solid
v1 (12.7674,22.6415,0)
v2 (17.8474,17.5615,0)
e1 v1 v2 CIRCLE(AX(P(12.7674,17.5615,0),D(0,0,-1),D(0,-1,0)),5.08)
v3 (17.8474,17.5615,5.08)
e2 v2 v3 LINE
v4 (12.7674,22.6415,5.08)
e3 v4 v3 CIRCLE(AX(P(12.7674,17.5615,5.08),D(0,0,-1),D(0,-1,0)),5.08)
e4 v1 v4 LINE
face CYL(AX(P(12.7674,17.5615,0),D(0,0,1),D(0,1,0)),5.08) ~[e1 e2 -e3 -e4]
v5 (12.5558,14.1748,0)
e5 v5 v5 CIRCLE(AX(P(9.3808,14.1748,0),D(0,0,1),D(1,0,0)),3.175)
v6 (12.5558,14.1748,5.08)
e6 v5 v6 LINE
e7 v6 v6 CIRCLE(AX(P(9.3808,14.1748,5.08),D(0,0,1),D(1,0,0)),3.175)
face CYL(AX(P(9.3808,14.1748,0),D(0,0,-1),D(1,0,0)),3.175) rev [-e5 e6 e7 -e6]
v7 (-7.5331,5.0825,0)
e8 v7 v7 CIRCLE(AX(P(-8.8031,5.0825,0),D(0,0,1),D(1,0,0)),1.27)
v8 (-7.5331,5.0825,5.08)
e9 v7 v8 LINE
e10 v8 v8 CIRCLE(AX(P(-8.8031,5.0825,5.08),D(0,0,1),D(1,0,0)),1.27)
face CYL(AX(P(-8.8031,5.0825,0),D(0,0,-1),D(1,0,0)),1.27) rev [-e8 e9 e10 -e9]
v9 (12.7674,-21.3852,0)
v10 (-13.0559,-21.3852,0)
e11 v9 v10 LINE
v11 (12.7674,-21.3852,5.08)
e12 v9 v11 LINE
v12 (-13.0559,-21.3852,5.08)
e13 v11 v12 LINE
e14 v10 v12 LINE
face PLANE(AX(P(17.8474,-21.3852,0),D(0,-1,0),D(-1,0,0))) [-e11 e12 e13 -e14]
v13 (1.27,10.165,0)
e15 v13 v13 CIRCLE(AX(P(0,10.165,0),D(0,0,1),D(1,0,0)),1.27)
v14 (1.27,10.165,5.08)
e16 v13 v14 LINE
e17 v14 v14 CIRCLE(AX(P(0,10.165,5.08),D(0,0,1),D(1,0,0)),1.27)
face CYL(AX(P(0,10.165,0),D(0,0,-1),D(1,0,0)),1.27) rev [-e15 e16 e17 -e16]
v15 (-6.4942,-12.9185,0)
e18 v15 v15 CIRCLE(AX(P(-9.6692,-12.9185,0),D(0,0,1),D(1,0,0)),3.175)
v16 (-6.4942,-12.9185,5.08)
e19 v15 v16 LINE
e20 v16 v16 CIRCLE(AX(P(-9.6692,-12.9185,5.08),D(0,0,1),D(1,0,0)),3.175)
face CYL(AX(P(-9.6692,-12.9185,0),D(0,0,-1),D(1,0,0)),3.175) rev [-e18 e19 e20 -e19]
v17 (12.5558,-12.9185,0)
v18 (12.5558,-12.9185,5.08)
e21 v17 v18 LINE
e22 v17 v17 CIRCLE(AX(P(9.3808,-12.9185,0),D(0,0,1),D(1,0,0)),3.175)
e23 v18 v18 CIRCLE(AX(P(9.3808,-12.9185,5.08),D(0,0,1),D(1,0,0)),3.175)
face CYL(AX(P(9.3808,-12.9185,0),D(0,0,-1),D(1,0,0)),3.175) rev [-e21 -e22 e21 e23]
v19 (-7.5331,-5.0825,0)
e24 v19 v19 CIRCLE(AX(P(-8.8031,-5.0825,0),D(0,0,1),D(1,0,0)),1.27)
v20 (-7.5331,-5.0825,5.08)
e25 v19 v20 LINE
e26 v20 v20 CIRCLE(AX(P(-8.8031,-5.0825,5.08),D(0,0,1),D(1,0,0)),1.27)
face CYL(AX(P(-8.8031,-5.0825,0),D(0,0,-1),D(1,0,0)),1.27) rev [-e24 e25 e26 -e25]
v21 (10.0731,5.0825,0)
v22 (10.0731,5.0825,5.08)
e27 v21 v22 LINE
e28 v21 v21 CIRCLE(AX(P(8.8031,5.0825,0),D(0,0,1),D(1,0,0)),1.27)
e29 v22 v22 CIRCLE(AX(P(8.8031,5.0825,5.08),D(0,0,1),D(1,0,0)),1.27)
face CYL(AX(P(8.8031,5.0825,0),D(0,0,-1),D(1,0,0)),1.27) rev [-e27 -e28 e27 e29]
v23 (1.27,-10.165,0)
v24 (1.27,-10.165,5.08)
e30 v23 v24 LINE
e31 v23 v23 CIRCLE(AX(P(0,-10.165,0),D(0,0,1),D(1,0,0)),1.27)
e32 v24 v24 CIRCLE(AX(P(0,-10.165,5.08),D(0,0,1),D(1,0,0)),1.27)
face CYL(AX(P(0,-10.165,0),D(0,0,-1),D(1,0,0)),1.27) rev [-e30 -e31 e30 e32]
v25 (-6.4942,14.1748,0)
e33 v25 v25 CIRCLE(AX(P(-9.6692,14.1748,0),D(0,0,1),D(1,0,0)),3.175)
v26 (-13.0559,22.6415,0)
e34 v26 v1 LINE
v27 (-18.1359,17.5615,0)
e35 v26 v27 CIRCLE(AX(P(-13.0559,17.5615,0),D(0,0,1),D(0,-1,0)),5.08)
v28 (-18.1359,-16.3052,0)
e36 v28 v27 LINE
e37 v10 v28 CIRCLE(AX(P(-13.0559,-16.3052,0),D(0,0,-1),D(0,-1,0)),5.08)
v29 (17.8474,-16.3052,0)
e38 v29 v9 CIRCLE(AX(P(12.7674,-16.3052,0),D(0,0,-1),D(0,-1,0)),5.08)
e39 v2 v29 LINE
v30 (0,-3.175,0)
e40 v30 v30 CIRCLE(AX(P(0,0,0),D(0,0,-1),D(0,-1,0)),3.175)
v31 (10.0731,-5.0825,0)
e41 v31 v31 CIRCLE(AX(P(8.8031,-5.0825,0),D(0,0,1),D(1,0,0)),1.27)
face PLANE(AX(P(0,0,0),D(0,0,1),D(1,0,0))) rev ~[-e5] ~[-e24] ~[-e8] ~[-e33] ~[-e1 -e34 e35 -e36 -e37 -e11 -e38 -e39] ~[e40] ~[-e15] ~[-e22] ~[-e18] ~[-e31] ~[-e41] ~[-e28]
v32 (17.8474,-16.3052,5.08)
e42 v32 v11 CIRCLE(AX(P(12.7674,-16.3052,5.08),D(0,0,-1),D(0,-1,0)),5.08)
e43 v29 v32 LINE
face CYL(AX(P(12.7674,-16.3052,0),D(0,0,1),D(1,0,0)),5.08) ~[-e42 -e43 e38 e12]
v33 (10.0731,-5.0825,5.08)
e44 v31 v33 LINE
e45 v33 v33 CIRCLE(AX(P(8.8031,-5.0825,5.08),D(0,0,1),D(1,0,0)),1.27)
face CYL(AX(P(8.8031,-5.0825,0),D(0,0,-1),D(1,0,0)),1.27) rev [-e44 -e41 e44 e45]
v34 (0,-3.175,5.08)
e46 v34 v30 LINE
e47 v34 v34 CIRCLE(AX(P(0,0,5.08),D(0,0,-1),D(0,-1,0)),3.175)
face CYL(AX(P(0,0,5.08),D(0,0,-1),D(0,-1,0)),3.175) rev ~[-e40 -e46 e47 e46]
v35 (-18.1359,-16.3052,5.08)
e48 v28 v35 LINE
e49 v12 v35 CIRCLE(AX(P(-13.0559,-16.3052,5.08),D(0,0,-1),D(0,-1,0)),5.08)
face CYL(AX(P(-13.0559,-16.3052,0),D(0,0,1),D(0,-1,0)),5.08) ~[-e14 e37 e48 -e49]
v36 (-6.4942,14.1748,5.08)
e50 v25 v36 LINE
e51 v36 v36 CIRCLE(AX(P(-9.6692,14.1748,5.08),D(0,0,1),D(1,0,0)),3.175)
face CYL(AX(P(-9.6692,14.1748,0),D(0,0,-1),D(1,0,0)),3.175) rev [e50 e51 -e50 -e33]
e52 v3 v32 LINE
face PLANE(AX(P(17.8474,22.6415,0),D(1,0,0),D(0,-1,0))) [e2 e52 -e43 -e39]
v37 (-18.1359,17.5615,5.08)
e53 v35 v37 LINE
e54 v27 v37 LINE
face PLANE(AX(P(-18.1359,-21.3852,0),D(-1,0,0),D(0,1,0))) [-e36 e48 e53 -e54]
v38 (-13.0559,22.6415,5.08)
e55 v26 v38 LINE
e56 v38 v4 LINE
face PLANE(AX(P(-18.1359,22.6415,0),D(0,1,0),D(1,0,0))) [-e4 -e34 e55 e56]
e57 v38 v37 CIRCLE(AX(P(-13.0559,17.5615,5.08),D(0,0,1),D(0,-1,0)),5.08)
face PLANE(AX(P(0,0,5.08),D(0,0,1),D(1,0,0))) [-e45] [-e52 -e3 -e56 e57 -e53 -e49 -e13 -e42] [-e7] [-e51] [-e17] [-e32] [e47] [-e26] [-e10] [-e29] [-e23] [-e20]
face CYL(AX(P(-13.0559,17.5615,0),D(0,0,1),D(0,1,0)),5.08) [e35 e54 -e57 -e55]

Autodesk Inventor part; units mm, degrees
ref_plane "YZ Plane" through (0, 0, 0) normal (1, 0, 0) x (0, 1, 0)
ref_plane "XZ Plane" through (0, 0, 0) normal (0, 1, 0) x (-1, 0, 0)
ref_plane "XY Plane" through (0, 0, 0) normal (0, 0, 1) x (1, 0, 0)
sketch "Sketch1" plane through (0, 0, 0) normal (0, 0, 1) x (1, 0, 0)
  circle A0 centre (-9.6692, -12.9185) radius 3.175
  circle A1 centre (9.3808, -12.9185) radius 3.175
  circle A2 centre (9.3808, 14.1748) radius 3.175
  circle A3 centre (-9.6692, 14.1748) radius 3.175
  line L0 (-9.6692, 14.1748) -> (9.3808, 14.1748) construction
  line L1 (9.3808, 14.1748) -> (9.3808, -12.9185) construction
  line L2 (9.3808, -12.9185) -> (-9.6692, -12.9185) construction
  line L3 (-9.6692, -12.9185) -> (-9.6692, 14.1748) construction
  line L4 (-18.1359, 22.6415) -> (17.8474, 22.6415)
  line L5 (17.8474, 22.6415) -> (17.8474, -21.3852)
  line L6 (17.8474, -21.3852) -> (-18.1359, -21.3852)
  line L7 (-18.1359, -21.3852) -> (-18.1359, 22.6415)
  circle A4 centre (0, 0) radius 10.165 construction
  circle A5 centre (0, 10.165) radius 1.27
  circle A6 centre (-8.8031, 5.0825) radius 1.27
  circle A7 centre (-8.8031, -5.0825) radius 1.27
  circle A8 centre (0, -10.165) radius 1.27
  circle A9 centre (8.8031, -5.0825) radius 1.27
  circle A10 centre (8.8031, 5.0825) radius 1.27
  dimension "d7" = 20.3299
  dimension "d0" = 8.4667
  dimension "d1" = 8.4667
  dimension "d2" = 8.4667
  dimension "d3" = 8.4667
  dimension "d4" = 6.35
  dimension "d8" = 2.54
  dimension "d11" = 360
extrude "Plate2" add sketch "Sketch1" along normal blind 5.08
fillet "Fillet1" radius 5.08 4 edges at (-18.1359, -21.3852, 2.54) (17.8474, -21.3852, 2.54) (17.8474, 22.6415, 2.54) (-18.1359, 22.6415, 2.54)
sketch "Sketch4" plane through (0, 0, 5.08) normal (0, 0, 1) x (1, 0, 0)
  point P0 (0, 0)
hole "Hole1" at (0, 0, 5.08) direction (0, 0, -1) diameter 6.35 end through all
equation "\"d18\" = Thickness"
equation "\"d5\" = Thickness"
equation "\"BendRadius\" = Thickness"
equation "\"BendReliefWidth\" = Thickness"
equation "\"BendReliefDepth\" = 0.5 * Thickness"
equation "\"CornerReliefSize\" = 4 * Thickness"
equation "\"MinimumRemnant\" = 2 * Thickness"
equation "\"TransitionRadius\" = BendRadius"
equation "\"JacobiRadiusSize\" = BendRadius"
equation "\"GapSize\" = Thickness"
equation "\"Thickness\" = 5.08"
properties part number "UpperArmShoulderMount"
